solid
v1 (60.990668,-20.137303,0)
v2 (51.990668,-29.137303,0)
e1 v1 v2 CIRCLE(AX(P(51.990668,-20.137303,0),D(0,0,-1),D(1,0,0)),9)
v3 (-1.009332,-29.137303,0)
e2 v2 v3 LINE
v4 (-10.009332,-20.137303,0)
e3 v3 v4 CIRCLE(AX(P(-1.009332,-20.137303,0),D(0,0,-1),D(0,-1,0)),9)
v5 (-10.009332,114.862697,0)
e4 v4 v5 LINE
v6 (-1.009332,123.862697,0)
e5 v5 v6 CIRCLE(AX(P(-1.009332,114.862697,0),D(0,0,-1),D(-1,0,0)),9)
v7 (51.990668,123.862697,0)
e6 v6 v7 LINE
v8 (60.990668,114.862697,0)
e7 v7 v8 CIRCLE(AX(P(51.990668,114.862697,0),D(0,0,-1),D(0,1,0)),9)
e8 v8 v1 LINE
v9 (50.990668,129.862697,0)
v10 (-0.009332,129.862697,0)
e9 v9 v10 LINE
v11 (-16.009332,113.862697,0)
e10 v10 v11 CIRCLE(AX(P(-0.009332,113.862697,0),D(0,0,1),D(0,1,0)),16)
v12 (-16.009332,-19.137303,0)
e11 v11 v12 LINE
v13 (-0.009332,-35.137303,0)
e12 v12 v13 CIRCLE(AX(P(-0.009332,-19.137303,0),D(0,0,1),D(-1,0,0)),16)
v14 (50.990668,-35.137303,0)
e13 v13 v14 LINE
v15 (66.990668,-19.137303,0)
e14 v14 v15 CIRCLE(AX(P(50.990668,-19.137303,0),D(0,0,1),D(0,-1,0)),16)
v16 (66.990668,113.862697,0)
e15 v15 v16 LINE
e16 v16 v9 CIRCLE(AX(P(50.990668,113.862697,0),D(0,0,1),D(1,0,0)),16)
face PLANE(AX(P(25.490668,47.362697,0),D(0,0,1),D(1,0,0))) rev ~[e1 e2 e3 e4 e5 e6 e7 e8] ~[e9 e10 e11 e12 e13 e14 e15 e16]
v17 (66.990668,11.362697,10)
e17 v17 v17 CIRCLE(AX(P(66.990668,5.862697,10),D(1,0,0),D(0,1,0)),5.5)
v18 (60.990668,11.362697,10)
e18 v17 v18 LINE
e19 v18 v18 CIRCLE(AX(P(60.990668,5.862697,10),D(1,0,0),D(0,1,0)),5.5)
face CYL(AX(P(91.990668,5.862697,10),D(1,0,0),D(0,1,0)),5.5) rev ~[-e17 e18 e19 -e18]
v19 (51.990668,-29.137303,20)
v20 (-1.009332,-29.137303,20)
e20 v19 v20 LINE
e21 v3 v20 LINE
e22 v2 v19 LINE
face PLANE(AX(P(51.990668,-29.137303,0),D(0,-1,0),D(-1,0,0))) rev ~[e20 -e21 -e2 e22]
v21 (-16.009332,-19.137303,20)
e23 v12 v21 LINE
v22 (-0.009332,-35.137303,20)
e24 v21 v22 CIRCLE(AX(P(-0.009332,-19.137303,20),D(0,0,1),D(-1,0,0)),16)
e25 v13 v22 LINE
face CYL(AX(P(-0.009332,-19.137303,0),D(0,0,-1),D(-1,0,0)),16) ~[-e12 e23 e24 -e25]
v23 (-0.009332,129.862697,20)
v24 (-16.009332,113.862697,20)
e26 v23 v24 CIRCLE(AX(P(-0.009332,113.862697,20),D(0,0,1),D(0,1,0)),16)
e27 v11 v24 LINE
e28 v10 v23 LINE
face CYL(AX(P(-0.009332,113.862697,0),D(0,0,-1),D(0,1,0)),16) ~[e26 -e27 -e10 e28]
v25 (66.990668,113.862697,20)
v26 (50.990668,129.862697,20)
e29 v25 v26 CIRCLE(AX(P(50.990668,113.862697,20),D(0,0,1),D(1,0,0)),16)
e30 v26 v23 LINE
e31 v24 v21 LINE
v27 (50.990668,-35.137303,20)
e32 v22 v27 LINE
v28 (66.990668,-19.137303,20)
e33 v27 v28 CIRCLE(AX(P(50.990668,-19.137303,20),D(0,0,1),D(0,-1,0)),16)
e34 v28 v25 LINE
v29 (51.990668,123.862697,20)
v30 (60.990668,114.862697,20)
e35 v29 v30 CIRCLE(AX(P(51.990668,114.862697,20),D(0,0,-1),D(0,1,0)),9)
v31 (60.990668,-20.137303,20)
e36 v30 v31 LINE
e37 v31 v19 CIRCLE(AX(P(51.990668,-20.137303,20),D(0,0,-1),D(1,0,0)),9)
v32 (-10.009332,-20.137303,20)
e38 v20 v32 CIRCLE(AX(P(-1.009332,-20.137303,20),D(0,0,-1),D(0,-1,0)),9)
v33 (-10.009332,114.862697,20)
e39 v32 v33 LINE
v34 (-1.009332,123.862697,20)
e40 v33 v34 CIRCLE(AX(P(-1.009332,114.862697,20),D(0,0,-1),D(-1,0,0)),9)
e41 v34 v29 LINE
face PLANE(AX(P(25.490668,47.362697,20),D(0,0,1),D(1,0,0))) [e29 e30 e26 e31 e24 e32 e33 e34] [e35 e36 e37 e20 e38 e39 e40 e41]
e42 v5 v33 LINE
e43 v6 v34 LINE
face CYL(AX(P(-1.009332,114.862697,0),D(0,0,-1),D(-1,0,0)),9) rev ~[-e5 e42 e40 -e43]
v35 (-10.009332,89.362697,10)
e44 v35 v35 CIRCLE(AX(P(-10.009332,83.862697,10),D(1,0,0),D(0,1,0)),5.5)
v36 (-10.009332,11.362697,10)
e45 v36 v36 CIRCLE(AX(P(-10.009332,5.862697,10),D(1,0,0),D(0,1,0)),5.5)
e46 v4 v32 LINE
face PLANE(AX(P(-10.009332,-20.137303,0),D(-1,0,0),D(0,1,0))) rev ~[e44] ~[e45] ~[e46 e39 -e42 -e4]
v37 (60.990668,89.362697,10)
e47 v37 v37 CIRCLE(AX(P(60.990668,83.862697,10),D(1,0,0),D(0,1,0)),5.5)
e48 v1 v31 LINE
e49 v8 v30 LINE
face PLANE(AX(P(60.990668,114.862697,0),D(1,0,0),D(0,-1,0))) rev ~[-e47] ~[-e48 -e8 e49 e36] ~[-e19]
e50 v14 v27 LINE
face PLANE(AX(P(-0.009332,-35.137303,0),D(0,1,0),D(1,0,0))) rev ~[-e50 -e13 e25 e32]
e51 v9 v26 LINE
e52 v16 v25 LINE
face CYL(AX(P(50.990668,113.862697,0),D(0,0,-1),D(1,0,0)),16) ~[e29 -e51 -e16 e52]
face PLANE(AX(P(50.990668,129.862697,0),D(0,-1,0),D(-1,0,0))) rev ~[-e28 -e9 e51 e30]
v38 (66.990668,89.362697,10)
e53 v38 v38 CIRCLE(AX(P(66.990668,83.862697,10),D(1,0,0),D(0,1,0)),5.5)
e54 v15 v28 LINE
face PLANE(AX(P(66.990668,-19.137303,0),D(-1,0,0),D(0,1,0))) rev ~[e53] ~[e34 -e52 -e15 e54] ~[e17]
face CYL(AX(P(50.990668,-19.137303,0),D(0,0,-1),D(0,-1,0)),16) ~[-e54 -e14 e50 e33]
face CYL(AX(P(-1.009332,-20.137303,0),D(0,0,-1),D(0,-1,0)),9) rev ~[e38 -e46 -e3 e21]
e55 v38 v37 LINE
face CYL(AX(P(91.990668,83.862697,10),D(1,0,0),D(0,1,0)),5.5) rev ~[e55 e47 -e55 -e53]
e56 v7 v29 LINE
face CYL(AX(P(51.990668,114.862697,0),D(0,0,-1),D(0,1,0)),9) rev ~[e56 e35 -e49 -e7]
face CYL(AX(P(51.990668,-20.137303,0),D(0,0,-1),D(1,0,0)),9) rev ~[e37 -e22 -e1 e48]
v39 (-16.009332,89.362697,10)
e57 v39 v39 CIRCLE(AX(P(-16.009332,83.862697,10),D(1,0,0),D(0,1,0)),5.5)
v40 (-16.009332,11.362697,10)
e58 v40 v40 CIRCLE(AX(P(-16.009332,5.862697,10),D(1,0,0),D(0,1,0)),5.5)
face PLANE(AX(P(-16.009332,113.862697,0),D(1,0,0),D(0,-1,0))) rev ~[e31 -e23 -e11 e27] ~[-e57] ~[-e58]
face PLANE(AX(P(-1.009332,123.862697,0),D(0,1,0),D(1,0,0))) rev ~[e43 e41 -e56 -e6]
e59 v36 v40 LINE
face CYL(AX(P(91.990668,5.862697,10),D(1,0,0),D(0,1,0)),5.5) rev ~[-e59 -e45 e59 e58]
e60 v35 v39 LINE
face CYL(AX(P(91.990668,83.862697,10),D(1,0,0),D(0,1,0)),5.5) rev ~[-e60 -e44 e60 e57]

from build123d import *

# Parameters (mm, degrees)
F1_DEPTH = 20
F3_R     = 5.5
F4_DEPTH = 156


with BuildPart() as f1:
    # F0 (on Top) → F1 (new body)
    with BuildSketch(Plane.XY):
        with BuildLine():
            ThreePointArc((-16.0093317029, -19.1373033728), (-11.3230402019, -30.4510118717), (-0.0093317029, -35.1373033728))
            Line((-0.0093317029, -35.1373033728), (50.9906682971, -35.1373033728))
            ThreePointArc((50.9906682971, -35.1373033728), (62.3043767961, -30.4510118717), (66.9906682971, -19.1373033728))
            Line((66.9906682971, -19.1373033728), (66.9906682971, 109.3626966272))
            Line((66.9906682971, 109.3626966272), (66.9906682971, 113.8626966272))
            ThreePointArc((66.9906682971, 113.8626966272), (62.3043767961, 125.1764051262), (50.9906682971, 129.8626966272))
            Line((50.9906682971, 129.8626966272), (-0.0093317029, 129.8626966272))
            ThreePointArc((-0.0093317029, 129.8626966272), (-11.3230402019, 125.1764051262), (-16.0093317029, 113.8626966272))
            Line((-16.0093317029, 113.8626966272), (-16.0093317029, 109.3626966272))
            Line((-16.0093317029, 109.3626966272), (-16.0093317029, -19.1373033728))
        make_face()
        with BuildLine():
            Line((51.9906682971, -29.1373033728), (-1.0093317029, -29.1373033728))
            ThreePointArc((-1.0093317029, -29.1373033728), (-7.3732927336, -26.5012644034), (-10.0093317029, -20.1373033728))
            Line((-10.0093317029, -20.1373033728), (-10.0093317029, 106.1484987541))
            Line((-10.0093317029, 106.1484987541), (-10.0093317029, 114.8626966272))
            ThreePointArc((-10.0093317029, 114.8626966272), (-7.3732927336, 121.2266576579), (-1.0093317029, 123.8626966272))
            Line((-1.0093317029, 123.8626966272), (51.9906682971, 123.8626966272))
            ThreePointArc((51.9906682971, 123.8626966272), (58.3546293278, 121.2266576579), (60.9906682971, 114.8626966272))
            Line((60.9906682971, 114.8626966272), (60.9906682971, 106.1484987541))
            Line((60.9906682971, 106.1484987541), (60.9906682971, -20.1373033728))
            ThreePointArc((60.9906682971, -20.1373033728), (58.3546293278, -26.5012644034), (51.9906682971, -29.1373033728))
        make_face(mode=Mode.SUBTRACT)
    extrude(amount=F1_DEPTH)

    # F3 (on offset) → F4 (cut)
    with BuildSketch(Plane.YZ.offset(91.9906682971)):
        with Locations((5.8626966272, 10)):
            Circle(F3_R)
        with Locations((83.8626966272, 10)):
            Circle(F3_R)
    extrude(amount=-F4_DEPTH, mode=Mode.SUBTRACT)


solid = f1.part
